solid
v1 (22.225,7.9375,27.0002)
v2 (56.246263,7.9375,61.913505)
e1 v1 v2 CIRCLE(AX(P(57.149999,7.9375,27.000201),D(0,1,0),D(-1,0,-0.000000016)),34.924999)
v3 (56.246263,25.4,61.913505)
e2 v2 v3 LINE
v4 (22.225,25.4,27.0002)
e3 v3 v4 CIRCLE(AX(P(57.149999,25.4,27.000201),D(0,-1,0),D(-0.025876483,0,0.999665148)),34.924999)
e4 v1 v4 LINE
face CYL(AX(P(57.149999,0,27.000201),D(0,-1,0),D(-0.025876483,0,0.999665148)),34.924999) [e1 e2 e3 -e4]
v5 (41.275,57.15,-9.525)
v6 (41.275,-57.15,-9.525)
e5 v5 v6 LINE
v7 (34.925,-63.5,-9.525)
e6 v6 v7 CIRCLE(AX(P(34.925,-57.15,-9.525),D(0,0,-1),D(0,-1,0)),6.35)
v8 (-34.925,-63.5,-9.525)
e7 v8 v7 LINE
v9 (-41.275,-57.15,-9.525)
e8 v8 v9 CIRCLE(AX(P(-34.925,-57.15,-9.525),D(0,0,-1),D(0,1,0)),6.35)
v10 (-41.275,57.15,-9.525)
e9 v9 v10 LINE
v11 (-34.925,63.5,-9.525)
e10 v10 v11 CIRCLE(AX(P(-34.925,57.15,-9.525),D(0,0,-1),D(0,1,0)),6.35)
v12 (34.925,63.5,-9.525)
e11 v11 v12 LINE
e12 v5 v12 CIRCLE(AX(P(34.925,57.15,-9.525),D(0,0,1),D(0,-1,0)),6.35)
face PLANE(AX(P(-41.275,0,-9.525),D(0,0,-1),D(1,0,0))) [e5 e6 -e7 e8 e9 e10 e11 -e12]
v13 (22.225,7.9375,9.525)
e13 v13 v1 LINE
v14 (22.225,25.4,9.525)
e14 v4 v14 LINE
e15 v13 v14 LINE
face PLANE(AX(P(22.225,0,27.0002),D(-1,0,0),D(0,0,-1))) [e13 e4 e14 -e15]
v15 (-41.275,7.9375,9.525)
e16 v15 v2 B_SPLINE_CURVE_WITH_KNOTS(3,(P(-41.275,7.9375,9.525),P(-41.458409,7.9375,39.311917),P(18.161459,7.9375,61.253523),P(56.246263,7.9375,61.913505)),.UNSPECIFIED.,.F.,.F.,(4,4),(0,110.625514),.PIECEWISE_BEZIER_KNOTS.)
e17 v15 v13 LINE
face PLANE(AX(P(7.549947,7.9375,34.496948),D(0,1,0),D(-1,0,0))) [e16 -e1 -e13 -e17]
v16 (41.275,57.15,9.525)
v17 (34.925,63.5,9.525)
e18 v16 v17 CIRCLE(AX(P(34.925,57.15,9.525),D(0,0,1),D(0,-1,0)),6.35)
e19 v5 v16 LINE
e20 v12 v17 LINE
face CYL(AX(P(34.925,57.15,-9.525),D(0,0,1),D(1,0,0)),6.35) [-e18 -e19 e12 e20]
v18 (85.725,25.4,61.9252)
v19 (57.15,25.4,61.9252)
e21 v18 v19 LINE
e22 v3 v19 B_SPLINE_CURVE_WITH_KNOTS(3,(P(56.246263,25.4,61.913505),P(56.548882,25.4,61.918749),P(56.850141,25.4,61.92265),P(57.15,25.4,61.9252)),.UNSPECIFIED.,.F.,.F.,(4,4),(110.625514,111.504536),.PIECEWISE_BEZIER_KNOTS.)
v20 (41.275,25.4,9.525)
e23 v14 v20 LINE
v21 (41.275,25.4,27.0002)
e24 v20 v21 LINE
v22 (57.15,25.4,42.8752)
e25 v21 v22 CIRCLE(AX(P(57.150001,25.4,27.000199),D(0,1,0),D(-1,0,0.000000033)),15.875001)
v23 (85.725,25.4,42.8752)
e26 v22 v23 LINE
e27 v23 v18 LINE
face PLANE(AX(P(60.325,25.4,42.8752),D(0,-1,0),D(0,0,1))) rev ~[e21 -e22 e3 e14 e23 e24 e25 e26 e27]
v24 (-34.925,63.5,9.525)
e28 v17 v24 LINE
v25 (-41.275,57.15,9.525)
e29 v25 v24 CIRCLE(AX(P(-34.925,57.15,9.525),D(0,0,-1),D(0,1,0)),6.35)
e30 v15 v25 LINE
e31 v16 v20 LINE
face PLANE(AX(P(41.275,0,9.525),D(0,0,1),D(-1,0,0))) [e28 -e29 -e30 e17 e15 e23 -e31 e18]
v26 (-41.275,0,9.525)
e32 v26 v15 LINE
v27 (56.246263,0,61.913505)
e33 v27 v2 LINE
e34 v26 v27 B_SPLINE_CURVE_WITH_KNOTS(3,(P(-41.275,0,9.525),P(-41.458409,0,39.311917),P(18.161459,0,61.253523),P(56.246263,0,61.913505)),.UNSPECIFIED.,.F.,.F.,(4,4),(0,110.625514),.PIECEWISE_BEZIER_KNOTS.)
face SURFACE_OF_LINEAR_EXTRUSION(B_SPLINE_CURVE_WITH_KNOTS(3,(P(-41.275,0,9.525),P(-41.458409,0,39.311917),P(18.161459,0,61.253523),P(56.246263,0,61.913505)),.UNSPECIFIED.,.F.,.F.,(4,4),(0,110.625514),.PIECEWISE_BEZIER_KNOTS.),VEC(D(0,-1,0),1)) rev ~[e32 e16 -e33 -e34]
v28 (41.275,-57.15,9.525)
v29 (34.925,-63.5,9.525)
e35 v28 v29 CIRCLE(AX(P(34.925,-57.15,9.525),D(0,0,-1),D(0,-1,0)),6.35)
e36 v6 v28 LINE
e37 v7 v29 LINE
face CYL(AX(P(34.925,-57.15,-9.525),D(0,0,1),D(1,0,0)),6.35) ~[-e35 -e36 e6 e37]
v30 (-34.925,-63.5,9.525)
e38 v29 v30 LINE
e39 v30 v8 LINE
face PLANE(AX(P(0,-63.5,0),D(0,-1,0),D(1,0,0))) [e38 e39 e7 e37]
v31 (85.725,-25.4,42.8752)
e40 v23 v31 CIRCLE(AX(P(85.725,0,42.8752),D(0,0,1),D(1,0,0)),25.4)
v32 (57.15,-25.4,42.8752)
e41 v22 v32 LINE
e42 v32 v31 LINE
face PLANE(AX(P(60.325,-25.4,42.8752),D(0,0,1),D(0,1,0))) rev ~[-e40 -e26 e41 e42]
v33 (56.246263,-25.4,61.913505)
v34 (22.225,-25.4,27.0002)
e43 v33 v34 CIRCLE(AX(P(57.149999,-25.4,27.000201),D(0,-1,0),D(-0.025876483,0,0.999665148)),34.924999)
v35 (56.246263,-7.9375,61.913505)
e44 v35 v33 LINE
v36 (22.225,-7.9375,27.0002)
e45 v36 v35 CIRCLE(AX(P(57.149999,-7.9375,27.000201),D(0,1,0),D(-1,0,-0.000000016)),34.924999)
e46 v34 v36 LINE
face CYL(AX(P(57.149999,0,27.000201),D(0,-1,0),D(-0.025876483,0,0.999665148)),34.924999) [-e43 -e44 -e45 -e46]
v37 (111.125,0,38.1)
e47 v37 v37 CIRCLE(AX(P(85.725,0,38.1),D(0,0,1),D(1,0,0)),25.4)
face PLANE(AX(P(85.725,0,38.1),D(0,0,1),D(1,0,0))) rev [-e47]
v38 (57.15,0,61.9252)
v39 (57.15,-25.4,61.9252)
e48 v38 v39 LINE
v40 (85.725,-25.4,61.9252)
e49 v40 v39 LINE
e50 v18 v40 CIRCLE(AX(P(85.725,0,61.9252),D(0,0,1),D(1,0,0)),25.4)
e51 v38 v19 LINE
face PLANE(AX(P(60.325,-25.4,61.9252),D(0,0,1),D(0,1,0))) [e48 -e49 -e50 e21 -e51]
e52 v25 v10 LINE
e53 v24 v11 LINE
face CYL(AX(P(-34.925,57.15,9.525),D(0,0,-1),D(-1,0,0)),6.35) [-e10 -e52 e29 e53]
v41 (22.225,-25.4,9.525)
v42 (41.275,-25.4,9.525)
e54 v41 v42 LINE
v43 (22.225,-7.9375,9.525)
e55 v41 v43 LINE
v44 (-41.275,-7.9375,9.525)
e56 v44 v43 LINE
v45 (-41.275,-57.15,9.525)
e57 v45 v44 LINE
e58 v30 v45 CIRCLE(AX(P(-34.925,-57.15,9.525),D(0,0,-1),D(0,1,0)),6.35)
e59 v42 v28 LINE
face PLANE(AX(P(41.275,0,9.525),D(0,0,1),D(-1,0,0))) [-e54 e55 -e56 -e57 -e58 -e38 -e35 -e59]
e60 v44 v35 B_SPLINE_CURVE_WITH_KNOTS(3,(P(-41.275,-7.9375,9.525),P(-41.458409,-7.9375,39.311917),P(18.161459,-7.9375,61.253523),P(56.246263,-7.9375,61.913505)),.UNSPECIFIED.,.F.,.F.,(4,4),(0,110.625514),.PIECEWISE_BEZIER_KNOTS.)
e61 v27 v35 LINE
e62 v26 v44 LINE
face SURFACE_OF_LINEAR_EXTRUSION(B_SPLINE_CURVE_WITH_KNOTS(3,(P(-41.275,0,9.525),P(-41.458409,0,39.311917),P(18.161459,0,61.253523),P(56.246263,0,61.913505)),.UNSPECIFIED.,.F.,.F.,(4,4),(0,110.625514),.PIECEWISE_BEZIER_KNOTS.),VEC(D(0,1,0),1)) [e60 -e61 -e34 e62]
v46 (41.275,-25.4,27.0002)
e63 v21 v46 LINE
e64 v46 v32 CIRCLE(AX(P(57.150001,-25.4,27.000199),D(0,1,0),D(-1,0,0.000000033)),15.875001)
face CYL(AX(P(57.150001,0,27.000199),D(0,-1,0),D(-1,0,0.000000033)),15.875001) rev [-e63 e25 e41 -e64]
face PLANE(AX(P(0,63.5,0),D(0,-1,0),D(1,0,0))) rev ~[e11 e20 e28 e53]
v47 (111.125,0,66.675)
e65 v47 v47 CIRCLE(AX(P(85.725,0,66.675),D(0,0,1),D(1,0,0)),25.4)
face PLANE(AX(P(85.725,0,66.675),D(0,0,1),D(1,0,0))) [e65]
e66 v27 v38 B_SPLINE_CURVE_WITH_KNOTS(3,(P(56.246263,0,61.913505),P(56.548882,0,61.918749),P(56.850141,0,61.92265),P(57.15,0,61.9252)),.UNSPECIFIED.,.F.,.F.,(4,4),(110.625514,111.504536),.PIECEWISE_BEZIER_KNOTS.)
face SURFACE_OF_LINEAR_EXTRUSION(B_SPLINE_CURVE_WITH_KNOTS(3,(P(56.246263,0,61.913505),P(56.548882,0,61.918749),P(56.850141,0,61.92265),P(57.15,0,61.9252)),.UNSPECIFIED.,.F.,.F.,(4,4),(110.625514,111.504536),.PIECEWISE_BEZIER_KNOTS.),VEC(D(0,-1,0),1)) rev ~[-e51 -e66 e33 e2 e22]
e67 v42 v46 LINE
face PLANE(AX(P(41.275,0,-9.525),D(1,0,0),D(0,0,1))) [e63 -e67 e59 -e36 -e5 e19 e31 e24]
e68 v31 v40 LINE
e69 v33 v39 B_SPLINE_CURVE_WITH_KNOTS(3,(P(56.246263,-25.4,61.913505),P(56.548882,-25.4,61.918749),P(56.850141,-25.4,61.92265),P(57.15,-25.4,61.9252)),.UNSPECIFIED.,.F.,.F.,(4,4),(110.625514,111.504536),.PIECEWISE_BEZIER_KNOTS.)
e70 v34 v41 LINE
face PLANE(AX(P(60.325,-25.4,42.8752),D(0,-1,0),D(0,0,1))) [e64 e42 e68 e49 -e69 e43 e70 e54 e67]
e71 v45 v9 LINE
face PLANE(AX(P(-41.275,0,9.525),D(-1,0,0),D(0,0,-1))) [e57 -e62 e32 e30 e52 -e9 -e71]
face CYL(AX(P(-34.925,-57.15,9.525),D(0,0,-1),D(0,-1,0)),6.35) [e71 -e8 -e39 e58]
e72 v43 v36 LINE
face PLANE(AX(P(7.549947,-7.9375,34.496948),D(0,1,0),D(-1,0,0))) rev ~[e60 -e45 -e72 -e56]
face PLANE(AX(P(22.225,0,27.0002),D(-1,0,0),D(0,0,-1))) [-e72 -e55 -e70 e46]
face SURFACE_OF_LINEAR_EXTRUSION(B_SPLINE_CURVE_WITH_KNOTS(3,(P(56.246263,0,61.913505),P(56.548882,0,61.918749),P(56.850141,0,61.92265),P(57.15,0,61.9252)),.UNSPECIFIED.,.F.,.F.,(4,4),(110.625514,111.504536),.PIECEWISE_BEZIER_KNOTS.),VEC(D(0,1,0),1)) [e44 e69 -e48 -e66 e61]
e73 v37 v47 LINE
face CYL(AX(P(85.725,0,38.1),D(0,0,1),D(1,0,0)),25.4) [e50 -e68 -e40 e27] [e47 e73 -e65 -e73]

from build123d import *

# Parameters (mm, degrees)
F1_DEPTH  = 63.5
F2_DEPTH  = 25.4
F3_DEPTH  = 7.9375
F2_FACE_W = 50.8
F2_FACE_H = 19.05
F4_DEPTH  = 25.4
F6_R      = 6.35


with BuildPart() as f1:
    # F0 (on Front) → F1 (new body, symmetric)
    with BuildSketch(Plane.XZ):
        Polygon((-41.275, -9.525), (41.275, -9.525), (41.275, 9.525), (22.225, 9.525), (-41.275, 9.525), align=None)
    extrude(amount=F1_DEPTH, both=True)

    # F0 (on Front) → F2 (join, symmetric)
    with BuildSketch(Plane.XZ):
        with BuildLine():
            Line((22.225, 9.525), (41.275, 9.525))
            Line((41.275, 9.525), (41.275, 27.0002))
            ThreePointArc((41.275, 27.0002), (45.92468, 38.22552), (57.15, 42.8752))
            Line((57.15, 42.8752), (60.325, 42.8752))
            Line((60.325, 42.8752), (60.325, 61.9252))
            Line((60.325, 61.9252), (57.15, 61.9252))
            add(Edge.make_bspline(
                [(56.246263, 61.913505), (56.548882, 61.918749), (56.850141, 61.92265), (57.15, 61.9252)],
                knots=[110.625514, 110.625514, 110.625514, 110.625514, 111.504536, 111.504536, 111.504536, 111.504536], degree=3))
            ThreePointArc((56.246263, 61.913505), (32.136817, 51.374291), (22.225, 27.0002))
            Line((22.225, 27.0002), (22.225, 9.525))
        make_face()
    extrude(amount=F2_DEPTH, both=True)

    # F0 (on Front) → F3 (join, symmetric)
    with BuildSketch(Plane.XZ):
        with BuildLine():
            add(Edge.make_bspline(
                [(-41.275, 9.525), (-41.458409, 39.311917), (18.161459, 61.253523), (56.246263, 61.913505)],
                knots=[0, 0, 0, 0, 110.625514, 110.625514, 110.625514, 110.625514], degree=3))
            Line((-41.275, 9.525), (22.225, 9.525))
            Line((22.225, 9.525), (22.225, 27.0002))
            ThreePointArc((22.225, 27.0002), (32.136817, 51.374291), (56.246263, 61.913505))
        make_face()
    extrude(amount=F3_DEPTH, both=True)

    # F2_face (on face) → F4 (join, through all)
    with BuildSketch(Plane(origin=(60.325, 0, 52.4002), x_dir=(0, 1, 0), z_dir=(1, 0, 0))):
        Rectangle(F2_FACE_W, F2_FACE_H)
    extrude(amount=F4_DEPTH)

    # F0 (on Front) → F5 (revolve)
    with BuildSketch(Plane.XZ):
        Polygon((85.725, 61.9252), (85.725, 42.8752), (85.725, 38.1), (111.125, 38.1), (111.125, 66.675), (85.725, 66.675), align=None)
    revolve(axis=Axis((85.725, 0, 52.3875), (0, 0, 1)))

    # F6
    f6_edges = [f1.edges().sort_by_distance(p)[0] for p in [
        (41.275, 63.5, 0),
        (-41.275, 63.5, 0),
        (-41.275, -63.5, 0),
        (41.275, -63.5, 0),
    ]]
    fillet(f6_edges, radius=F6_R)


solid = f1.part
